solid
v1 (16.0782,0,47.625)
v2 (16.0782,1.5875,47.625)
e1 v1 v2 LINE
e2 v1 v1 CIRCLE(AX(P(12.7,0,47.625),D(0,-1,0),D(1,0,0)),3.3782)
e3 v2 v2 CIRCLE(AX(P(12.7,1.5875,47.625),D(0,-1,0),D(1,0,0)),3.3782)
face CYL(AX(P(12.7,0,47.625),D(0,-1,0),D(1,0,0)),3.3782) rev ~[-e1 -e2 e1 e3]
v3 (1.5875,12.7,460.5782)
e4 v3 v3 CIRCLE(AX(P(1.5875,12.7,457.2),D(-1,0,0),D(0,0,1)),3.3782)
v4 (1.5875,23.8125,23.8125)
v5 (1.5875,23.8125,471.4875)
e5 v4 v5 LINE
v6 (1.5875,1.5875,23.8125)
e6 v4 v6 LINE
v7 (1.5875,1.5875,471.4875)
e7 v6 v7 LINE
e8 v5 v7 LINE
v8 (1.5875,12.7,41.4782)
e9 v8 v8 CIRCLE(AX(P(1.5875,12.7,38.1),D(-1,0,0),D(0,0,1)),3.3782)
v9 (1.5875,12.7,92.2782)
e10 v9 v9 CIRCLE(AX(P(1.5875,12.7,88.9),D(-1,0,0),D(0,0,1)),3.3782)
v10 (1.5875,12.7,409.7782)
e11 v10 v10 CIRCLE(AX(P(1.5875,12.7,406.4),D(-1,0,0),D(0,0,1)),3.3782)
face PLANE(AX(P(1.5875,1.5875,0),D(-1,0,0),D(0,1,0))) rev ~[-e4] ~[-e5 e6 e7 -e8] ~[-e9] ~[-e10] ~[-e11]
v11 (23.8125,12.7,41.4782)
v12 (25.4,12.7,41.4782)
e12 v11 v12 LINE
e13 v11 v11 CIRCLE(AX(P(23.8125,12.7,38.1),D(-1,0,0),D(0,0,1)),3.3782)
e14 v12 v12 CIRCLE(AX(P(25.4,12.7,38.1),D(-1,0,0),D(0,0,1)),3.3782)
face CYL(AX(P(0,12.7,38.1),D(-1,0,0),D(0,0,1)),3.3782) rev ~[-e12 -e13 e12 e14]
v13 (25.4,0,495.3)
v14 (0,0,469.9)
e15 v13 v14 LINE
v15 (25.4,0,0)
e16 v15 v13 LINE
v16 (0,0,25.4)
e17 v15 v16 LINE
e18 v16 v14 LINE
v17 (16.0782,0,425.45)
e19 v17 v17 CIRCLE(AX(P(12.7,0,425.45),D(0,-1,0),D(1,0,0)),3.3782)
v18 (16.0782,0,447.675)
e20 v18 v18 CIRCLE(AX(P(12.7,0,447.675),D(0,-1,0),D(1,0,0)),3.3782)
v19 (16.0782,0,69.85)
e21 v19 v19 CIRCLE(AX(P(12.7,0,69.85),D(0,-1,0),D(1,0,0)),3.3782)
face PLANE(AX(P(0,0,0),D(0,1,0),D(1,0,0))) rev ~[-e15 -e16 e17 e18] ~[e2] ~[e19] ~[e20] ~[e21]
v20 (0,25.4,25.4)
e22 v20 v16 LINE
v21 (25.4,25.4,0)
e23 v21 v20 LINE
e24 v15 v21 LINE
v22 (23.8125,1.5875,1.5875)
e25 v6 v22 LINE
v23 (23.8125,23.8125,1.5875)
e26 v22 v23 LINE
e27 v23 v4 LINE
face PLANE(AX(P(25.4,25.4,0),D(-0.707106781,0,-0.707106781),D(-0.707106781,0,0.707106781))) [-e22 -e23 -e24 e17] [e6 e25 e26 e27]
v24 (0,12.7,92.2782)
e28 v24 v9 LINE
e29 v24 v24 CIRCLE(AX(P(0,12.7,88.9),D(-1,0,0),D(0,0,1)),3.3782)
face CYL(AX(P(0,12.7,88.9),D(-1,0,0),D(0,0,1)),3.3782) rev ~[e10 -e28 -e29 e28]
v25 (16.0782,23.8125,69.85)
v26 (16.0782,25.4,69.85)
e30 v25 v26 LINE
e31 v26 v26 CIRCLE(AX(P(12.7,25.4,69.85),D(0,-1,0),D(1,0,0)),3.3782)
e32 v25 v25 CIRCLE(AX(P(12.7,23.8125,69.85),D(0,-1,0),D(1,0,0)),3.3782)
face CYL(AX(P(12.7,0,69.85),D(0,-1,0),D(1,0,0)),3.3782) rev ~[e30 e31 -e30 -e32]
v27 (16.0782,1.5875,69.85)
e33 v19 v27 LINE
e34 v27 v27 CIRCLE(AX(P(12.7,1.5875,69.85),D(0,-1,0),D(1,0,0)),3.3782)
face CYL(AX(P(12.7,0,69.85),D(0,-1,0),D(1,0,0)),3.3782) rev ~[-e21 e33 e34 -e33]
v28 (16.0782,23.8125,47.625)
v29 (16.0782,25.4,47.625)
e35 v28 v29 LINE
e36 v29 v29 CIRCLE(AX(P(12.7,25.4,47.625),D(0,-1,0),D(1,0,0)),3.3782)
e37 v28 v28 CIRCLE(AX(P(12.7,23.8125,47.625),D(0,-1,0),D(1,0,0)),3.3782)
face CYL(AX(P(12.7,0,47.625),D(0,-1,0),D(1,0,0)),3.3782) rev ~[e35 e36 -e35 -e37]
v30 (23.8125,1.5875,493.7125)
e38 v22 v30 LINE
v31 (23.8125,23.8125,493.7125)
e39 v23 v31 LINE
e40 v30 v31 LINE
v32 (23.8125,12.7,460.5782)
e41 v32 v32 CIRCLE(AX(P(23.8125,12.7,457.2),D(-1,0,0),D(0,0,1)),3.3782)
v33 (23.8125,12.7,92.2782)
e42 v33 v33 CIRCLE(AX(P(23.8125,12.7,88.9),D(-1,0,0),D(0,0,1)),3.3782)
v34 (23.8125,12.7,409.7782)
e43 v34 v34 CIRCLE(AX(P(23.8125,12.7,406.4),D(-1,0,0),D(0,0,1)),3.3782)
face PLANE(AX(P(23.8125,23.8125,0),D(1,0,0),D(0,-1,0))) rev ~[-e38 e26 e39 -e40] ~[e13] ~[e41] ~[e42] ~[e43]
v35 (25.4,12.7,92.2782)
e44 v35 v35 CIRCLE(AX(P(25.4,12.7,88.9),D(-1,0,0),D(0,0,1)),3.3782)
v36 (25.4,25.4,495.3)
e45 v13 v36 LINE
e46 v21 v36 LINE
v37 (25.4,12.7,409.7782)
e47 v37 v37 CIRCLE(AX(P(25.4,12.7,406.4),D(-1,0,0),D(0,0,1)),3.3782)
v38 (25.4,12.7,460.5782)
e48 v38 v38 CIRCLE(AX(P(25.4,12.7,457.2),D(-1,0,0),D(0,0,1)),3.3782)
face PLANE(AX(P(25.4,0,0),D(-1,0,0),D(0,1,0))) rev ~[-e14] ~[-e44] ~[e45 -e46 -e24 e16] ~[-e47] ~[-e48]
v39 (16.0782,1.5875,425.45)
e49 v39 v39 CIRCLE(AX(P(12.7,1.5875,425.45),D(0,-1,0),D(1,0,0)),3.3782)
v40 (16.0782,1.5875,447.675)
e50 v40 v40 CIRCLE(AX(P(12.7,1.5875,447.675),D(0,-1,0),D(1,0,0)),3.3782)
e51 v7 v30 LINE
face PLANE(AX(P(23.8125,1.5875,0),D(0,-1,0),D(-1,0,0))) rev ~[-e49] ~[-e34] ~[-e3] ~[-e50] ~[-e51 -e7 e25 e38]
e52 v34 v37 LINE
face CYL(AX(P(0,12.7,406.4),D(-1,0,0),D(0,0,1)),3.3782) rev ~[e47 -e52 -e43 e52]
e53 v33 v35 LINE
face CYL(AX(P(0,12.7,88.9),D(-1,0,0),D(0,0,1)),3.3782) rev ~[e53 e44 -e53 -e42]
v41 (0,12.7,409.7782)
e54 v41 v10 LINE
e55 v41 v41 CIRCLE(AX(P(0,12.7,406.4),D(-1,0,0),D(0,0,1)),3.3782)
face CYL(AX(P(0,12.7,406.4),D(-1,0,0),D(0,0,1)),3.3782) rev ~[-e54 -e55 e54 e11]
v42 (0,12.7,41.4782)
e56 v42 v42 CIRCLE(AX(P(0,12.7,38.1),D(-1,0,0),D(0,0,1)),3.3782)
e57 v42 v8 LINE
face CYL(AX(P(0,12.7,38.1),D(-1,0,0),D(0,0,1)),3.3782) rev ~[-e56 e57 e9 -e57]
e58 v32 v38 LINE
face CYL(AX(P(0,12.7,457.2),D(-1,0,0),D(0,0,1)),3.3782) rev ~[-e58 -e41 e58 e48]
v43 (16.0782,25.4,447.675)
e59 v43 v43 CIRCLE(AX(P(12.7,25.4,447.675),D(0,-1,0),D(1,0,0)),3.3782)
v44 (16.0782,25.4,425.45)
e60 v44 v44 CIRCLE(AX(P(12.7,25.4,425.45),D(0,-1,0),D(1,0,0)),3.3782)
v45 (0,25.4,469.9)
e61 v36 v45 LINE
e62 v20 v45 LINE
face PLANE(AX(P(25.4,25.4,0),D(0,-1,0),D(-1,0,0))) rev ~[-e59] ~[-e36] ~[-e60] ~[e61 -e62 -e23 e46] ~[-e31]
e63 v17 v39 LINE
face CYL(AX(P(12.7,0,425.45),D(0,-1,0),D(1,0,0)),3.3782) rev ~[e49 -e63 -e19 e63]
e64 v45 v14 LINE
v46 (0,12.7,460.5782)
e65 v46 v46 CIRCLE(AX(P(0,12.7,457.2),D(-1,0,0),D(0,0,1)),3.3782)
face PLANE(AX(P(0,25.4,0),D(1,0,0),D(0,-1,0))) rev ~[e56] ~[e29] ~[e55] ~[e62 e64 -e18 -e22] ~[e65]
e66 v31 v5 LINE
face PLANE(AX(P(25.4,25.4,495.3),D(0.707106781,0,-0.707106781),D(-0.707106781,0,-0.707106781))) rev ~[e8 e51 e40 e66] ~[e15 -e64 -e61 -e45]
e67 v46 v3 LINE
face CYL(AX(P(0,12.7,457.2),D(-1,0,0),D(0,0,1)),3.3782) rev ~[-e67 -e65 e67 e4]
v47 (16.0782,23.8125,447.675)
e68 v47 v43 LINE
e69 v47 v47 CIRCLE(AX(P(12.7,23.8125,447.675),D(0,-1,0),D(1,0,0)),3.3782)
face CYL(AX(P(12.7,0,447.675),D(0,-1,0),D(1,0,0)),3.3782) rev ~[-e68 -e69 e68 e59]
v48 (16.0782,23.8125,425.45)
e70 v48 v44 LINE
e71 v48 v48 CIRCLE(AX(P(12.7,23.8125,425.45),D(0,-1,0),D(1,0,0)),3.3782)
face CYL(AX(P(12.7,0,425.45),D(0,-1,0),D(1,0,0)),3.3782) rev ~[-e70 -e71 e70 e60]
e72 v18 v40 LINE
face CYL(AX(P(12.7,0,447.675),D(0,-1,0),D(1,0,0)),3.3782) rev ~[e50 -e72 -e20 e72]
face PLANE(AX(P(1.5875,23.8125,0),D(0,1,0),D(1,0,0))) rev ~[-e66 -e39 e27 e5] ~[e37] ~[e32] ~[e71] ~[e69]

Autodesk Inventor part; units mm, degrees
ref_plane "YZ Plane" through (0, 0, 0) normal (1, 0, 0) x (0, 1, 0)
ref_plane "XZ Plane" through (0, 0, 0) normal (0, 1, 0) x (-1, 0, 0)
ref_plane "XY Plane" through (0, 0, 0) normal (0, 0, 1) x (1, 0, 0)
sketch "Sketch1" plane through (0, 0, 0) normal (0, 0, 1) x (1, 0, 0)
  line L0 (0, 0) -> (25.4, 0)
  line L1 (25.4, 0) -> (25.4, 25.4)
  line L2 (25.4, 25.4) -> (0, 25.4)
  line L3 (0, 25.4) -> (0, 0)
  line L4 (1.5875, 23.8125) -> (23.8125, 23.8125)
  line L5 (23.8125, 23.8125) -> (23.8125, 1.5875)
  line L6 (23.8125, 1.5875) -> (1.5875, 1.5875)
  line L7 (1.5875, 1.5875) -> (1.5875, 23.8125)
  dimension "d0" = 25.4
  dimension "d2" = 25.4
  dimension "d3" = 1.5875
extrude "Extrusion1" add sketch "Sketch1" along normal blind 495.3
sketch "Sketch2" plane through (0, 25.4, 0) normal (0, 1, 0) x (1, 0, 0)
  line L0 (25.4, 0) -> (0, 0) projected
  line L1 (0, 0) -> (0, -495.3) projected
  line L2 (25.4, -495.3) -> (0, -495.3) projected
  line L3 (25.4, 0) -> (25.4, -495.3) projected
  line L4 (25.4, -495.3) -> (0, -469.9)
  line L5 (25.4, 0) -> (0, -25.4)
  dimension "d6" = 135
  dimension "d7" = 45
extrude "Extrusion2" cut sketch "Sketch2" against normal blind 495.3 contours L5 L1 L0 | L2 L1 L4
sketch "Sketch3" plane through (25.4, 0, 0) normal (0, -1, 0) x (1, 0, 0)
  circle A0 centre (-12.7, 69.85) radius 3.3782 projected
  circle A1 centre (-12.7, 47.625) radius 3.3782 projected
  circle A2 centre (-12.7, 425.45) radius 3.3782 projected
  circle A3 centre (-12.7, 447.675) radius 3.3782 projected
  point P0 (-25.4, 0)
extrude "Extrusion3" cut sketch "Sketch3" against normal blind 25.4
sketch "Sketch4" plane through (0, 0, 25.4) normal (-1, 0, 0) x (0, 0, 1)
  circle A0 centre (431.8, 12.7) radius 3.3782 projected
  circle A1 centre (381, 12.7) radius 3.3782 projected
  circle A2 centre (12.7, 12.7) radius 3.3782 projected
  circle A3 centre (63.5, 12.7) radius 3.3782 projected
  point P0 (-25.4, 0)
extrude "Extrusion4" cut sketch "Sketch4" against normal blind 25.4
properties part number "Square Tube 2" material "Aluminum 6061"
